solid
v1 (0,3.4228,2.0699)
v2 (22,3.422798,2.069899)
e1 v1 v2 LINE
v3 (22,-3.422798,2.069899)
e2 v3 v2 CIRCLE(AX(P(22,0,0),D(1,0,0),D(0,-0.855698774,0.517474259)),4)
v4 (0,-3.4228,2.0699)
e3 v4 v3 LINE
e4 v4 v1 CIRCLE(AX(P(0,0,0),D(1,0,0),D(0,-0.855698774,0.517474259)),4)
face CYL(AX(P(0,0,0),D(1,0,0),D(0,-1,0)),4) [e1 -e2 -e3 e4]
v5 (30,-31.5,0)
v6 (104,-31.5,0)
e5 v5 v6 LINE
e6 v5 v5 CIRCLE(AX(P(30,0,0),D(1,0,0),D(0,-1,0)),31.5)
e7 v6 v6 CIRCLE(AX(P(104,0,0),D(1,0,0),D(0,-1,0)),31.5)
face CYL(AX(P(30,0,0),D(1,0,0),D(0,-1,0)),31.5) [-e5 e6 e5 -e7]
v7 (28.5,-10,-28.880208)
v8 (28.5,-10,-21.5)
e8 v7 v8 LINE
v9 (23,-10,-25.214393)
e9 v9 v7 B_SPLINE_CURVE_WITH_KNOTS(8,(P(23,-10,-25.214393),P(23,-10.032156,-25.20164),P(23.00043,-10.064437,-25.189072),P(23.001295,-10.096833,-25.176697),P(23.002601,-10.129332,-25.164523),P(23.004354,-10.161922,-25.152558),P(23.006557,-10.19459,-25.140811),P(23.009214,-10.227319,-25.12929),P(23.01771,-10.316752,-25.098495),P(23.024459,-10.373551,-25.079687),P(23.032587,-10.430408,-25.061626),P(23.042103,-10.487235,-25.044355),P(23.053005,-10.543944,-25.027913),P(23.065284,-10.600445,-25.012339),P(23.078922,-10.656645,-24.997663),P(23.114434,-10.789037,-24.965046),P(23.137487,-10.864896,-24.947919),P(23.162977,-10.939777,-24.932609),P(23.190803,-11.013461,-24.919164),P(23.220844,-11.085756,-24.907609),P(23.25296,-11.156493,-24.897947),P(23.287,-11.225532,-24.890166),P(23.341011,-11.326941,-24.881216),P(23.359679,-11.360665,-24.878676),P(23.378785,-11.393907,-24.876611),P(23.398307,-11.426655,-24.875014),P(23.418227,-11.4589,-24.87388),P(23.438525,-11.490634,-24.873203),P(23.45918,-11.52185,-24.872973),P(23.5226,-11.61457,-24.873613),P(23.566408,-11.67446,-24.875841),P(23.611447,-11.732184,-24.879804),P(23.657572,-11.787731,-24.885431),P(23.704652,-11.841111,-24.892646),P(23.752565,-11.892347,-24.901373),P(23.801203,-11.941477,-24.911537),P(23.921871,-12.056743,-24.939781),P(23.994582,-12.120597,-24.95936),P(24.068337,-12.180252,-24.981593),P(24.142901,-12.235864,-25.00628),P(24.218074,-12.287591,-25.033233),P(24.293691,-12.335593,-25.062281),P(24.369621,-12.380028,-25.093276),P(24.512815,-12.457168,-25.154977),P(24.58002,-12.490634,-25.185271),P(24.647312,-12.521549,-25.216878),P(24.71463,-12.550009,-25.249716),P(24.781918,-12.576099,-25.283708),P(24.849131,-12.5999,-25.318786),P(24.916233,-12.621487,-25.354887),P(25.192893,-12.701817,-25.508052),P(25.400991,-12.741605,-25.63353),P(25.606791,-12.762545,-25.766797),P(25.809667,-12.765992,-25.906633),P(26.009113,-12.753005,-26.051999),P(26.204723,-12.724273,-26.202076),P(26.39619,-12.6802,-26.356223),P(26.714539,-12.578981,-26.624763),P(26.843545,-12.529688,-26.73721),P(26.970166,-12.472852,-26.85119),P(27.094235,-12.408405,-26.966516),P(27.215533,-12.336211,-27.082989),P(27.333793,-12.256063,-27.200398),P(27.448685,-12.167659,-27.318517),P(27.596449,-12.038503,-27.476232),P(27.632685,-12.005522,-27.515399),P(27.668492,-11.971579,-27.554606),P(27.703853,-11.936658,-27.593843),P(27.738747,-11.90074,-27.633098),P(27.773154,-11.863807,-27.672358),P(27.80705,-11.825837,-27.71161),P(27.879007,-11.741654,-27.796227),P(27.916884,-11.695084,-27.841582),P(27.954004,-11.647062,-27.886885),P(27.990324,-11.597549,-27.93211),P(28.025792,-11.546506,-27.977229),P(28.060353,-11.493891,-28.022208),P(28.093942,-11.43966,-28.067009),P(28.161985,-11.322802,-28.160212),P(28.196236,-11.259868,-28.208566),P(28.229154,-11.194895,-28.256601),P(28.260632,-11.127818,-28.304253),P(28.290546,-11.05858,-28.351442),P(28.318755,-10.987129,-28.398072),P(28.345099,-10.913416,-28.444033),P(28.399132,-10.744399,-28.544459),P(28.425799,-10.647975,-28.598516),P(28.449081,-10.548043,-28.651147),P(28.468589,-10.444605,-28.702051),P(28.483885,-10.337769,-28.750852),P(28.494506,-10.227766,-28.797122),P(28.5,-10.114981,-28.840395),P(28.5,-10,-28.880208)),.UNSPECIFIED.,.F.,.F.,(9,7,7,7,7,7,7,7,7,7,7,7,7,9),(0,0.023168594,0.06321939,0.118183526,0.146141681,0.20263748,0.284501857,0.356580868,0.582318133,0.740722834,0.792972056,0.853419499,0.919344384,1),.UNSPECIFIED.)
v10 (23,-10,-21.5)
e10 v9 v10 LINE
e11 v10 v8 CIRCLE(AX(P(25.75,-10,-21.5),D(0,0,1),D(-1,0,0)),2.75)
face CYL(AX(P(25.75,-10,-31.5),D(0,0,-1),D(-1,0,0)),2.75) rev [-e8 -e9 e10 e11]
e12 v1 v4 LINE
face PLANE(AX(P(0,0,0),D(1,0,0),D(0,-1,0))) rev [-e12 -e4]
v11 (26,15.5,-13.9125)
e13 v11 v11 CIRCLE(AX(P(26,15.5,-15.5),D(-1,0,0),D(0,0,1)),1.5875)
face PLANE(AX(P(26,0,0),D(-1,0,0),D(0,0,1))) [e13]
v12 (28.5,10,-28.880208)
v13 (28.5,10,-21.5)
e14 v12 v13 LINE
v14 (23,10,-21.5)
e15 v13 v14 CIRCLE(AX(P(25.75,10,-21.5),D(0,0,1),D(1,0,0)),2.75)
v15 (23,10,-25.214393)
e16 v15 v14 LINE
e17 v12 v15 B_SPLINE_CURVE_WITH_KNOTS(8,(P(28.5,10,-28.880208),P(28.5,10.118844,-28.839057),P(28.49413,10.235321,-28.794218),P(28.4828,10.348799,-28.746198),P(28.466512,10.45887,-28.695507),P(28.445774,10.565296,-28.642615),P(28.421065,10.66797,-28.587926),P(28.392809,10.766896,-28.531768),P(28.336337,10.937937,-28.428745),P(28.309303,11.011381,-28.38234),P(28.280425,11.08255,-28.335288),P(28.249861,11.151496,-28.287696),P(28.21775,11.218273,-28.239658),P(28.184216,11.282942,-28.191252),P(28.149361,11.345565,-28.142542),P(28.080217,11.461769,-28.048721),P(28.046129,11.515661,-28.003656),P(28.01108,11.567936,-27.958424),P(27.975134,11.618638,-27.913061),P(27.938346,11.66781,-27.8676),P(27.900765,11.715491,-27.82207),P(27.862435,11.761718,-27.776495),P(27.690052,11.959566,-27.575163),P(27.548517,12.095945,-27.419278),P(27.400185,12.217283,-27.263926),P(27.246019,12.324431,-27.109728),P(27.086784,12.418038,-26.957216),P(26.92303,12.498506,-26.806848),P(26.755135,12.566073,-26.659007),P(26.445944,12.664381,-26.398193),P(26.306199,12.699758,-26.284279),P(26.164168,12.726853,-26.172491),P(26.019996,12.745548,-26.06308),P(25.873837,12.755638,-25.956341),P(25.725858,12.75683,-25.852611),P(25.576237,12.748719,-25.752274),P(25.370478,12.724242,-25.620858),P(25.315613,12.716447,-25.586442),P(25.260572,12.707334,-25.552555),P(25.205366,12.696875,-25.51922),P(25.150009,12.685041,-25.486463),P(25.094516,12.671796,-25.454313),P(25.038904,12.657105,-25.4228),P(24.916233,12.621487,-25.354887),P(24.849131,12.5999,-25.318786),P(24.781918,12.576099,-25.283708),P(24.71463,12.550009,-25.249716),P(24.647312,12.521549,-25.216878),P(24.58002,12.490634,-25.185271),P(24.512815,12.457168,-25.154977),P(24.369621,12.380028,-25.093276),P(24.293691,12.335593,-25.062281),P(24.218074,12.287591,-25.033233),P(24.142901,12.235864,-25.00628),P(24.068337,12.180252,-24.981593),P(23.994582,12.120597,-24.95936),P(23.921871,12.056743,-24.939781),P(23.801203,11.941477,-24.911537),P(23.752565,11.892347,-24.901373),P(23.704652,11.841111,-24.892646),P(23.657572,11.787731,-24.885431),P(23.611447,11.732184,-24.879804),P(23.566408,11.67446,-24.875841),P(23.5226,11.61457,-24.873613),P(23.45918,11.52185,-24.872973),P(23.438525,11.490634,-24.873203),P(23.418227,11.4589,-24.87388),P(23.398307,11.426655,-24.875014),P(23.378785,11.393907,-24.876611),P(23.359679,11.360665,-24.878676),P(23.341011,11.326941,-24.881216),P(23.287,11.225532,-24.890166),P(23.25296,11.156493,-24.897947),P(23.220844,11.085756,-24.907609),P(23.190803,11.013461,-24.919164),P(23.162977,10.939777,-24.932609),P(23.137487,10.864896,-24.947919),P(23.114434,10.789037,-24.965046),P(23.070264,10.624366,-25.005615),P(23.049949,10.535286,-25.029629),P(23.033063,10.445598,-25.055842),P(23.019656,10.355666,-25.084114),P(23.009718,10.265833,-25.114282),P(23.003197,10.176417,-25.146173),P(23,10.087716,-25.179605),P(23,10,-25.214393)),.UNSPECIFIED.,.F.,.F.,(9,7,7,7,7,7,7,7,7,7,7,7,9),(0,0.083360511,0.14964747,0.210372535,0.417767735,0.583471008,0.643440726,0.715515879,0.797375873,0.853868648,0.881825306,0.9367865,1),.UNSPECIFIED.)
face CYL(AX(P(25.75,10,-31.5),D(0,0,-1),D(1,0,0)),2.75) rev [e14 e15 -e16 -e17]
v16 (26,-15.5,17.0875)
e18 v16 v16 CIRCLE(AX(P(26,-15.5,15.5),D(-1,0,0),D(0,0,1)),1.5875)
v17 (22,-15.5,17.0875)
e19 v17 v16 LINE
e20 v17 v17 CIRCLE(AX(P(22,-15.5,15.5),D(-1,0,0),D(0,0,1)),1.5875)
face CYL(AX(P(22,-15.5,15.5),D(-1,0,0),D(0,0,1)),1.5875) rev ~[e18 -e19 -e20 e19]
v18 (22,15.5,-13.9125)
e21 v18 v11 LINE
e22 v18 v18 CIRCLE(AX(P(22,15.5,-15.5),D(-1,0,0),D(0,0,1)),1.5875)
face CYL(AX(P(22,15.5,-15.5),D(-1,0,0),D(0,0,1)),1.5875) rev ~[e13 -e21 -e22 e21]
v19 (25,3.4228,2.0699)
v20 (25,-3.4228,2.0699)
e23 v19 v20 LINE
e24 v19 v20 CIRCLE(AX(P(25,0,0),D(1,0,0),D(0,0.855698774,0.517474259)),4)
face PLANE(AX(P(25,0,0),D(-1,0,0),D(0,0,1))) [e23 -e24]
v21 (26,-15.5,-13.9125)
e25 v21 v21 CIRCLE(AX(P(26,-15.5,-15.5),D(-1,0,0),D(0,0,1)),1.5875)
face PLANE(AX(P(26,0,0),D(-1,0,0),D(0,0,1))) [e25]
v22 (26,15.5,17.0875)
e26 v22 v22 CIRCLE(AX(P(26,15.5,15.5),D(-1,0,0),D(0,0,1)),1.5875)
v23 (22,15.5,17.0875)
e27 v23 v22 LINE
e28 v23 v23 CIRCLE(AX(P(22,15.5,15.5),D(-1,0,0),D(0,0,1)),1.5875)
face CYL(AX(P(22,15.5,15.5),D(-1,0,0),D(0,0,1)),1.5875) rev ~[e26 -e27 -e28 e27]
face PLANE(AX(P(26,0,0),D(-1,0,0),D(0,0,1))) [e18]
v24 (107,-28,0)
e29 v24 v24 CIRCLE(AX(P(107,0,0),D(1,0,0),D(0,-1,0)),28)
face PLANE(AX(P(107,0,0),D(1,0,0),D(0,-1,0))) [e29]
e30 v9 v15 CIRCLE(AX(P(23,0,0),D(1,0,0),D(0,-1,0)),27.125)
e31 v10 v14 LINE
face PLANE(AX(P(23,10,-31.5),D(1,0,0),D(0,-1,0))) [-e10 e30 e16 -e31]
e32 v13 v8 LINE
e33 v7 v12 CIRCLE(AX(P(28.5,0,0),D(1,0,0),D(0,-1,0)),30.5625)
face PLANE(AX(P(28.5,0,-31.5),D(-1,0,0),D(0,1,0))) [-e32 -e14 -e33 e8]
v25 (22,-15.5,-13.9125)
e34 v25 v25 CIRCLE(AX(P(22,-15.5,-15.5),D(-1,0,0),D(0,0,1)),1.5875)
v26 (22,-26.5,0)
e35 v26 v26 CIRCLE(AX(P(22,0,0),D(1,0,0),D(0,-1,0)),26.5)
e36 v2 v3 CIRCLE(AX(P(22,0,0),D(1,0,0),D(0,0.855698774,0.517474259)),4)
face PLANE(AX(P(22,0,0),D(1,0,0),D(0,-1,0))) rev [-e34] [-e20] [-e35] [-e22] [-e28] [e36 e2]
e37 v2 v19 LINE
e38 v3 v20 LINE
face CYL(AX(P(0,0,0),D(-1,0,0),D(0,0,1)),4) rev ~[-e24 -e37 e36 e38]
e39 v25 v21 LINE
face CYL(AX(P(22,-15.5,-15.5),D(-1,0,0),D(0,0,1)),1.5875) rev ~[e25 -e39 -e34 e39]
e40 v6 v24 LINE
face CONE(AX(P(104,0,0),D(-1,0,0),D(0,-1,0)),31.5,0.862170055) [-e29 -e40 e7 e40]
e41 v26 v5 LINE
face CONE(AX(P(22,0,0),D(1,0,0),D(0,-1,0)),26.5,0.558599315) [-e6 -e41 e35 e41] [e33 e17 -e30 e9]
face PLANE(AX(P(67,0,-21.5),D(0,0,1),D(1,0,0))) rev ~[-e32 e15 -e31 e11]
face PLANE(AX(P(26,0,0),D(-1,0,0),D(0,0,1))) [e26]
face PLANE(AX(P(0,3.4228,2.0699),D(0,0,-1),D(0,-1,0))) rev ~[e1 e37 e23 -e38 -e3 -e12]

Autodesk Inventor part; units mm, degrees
ref_plane "YZ Plane" through (0, 0, 0) normal (1, 0, 0) x (0, 1, 0)
ref_plane "XZ Plane" through (0, 0, 0) normal (0, 1, 0) x (-1, 0, 0)
sketch "Sketch1" plane through (0, 0, 0) normal (0, 0, 1) x (1, 0, 0)
  line L0 (0, 0) -> (0, -4)
  line L1 (0, -4) -> (22, -4)
  line L2 (22, -4) -> (22, -26.5)
  line L3 (22, -26.5) -> (30, -31.5)
  line L4 (30, -31.5) -> (104, -31.5)
  line L5 (104, -31.5) -> (107, -28)
  line L6 (107, -28) -> (107, 0)
  line L7 (-21.4, 0) -> (128.4, 0) projected
  line L8 (0, -37.8) -> (0, 6.3) projected
  line L9 (107, 0) -> (0, 0)
  dimension "d7" = 22.5
  dimension "d9" = 8
  dimension "d10" = 74
  dimension "d14" = 4
  dimension "d16" = 31.5
  dimension "d17" = 28
  dimension "d18" = 22
  dimension "d40" = 85
revolve "motor body" add sketch "Sketch1" angle 360 about axis through (-10, 0, 0) along (1, 0, 0)
sketch "Sketch4" plane through (0, 0, 0) normal (-1, 0, 0) x (0, 0, 1)
  circle A0 centre (0, 0) radius 4
  circle A1 centre (0, 0) radius 4 projected
  line L0 (2.0699, 3.4228) -> (2.0699, -3.4228)
  line L1 (0, -44.1) -> (0, 44.1) projected
extrude "axis slot" cut sketch "Sketch4" against normal blind 25 contours A0 L0
sketch "Sketch5" plane through (22, 0, 0) normal (-1, 0, 0) x (0, 0, 1)
  circle A0 centre (15.5, 15.5) radius 1.5875
  line L0 (0, -44.1) -> (0, 44.1) projected
  line L1 (-44.1, 0) -> (44.1, 0) projected
  circle A1 centre (15.5, -15.5) radius 1.5875
  circle A2 centre (-15.5, 15.5) radius 1.5875
  circle A3 centre (-15.5, -15.5) radius 1.5875
  point P0 (0, 0)
  dimension "d22" = 3.175
  dimension "d25" = 31
  dimension "d28" = 31
  dimension "d31" = 15.5
  dimension "d32" = 15.5
extrude "mounting holes" cut sketch "Sketch5" against normal blind 4
ref_plane "Work Plane1" through (67, 0, -31.5) normal (0, 0, 1) x (1, 0, 0)
sketch "Sketch6" plane through (67, 0, -31.5) normal (0, 0, 1) x (1, 0, 0)
  line L0 (-41.25, 10) -> (-41.25, -10) construction
  line L1 (-44, 10) -> (-44, -10)
  line L2 (-38.5, -10) -> (-38.5, 10)
  arc A0 (-38.5, 10) -> (-44, 10) centre (-41.25, 10) ccw
  arc A1 (-44, -10) -> (-38.5, -10) centre (-41.25, -10) ccw
  line L3 (-45, 26.5) -> (-45, -26.5) projected
  line L4 (-37, 31.5) -> (-37, -31.5) projected
  line L5 (-92, 0) -> (62, 0) projected
  point P0 (-67, 0)
  point P1 (-41.25, 0)
  dimension "d35" = 20
  dimension "d36" = 5.5
  dimension "d37" = 1.5
extrude "cable hole" cut sketch "Sketch6" along normal blind 10
properties part number "motor"
